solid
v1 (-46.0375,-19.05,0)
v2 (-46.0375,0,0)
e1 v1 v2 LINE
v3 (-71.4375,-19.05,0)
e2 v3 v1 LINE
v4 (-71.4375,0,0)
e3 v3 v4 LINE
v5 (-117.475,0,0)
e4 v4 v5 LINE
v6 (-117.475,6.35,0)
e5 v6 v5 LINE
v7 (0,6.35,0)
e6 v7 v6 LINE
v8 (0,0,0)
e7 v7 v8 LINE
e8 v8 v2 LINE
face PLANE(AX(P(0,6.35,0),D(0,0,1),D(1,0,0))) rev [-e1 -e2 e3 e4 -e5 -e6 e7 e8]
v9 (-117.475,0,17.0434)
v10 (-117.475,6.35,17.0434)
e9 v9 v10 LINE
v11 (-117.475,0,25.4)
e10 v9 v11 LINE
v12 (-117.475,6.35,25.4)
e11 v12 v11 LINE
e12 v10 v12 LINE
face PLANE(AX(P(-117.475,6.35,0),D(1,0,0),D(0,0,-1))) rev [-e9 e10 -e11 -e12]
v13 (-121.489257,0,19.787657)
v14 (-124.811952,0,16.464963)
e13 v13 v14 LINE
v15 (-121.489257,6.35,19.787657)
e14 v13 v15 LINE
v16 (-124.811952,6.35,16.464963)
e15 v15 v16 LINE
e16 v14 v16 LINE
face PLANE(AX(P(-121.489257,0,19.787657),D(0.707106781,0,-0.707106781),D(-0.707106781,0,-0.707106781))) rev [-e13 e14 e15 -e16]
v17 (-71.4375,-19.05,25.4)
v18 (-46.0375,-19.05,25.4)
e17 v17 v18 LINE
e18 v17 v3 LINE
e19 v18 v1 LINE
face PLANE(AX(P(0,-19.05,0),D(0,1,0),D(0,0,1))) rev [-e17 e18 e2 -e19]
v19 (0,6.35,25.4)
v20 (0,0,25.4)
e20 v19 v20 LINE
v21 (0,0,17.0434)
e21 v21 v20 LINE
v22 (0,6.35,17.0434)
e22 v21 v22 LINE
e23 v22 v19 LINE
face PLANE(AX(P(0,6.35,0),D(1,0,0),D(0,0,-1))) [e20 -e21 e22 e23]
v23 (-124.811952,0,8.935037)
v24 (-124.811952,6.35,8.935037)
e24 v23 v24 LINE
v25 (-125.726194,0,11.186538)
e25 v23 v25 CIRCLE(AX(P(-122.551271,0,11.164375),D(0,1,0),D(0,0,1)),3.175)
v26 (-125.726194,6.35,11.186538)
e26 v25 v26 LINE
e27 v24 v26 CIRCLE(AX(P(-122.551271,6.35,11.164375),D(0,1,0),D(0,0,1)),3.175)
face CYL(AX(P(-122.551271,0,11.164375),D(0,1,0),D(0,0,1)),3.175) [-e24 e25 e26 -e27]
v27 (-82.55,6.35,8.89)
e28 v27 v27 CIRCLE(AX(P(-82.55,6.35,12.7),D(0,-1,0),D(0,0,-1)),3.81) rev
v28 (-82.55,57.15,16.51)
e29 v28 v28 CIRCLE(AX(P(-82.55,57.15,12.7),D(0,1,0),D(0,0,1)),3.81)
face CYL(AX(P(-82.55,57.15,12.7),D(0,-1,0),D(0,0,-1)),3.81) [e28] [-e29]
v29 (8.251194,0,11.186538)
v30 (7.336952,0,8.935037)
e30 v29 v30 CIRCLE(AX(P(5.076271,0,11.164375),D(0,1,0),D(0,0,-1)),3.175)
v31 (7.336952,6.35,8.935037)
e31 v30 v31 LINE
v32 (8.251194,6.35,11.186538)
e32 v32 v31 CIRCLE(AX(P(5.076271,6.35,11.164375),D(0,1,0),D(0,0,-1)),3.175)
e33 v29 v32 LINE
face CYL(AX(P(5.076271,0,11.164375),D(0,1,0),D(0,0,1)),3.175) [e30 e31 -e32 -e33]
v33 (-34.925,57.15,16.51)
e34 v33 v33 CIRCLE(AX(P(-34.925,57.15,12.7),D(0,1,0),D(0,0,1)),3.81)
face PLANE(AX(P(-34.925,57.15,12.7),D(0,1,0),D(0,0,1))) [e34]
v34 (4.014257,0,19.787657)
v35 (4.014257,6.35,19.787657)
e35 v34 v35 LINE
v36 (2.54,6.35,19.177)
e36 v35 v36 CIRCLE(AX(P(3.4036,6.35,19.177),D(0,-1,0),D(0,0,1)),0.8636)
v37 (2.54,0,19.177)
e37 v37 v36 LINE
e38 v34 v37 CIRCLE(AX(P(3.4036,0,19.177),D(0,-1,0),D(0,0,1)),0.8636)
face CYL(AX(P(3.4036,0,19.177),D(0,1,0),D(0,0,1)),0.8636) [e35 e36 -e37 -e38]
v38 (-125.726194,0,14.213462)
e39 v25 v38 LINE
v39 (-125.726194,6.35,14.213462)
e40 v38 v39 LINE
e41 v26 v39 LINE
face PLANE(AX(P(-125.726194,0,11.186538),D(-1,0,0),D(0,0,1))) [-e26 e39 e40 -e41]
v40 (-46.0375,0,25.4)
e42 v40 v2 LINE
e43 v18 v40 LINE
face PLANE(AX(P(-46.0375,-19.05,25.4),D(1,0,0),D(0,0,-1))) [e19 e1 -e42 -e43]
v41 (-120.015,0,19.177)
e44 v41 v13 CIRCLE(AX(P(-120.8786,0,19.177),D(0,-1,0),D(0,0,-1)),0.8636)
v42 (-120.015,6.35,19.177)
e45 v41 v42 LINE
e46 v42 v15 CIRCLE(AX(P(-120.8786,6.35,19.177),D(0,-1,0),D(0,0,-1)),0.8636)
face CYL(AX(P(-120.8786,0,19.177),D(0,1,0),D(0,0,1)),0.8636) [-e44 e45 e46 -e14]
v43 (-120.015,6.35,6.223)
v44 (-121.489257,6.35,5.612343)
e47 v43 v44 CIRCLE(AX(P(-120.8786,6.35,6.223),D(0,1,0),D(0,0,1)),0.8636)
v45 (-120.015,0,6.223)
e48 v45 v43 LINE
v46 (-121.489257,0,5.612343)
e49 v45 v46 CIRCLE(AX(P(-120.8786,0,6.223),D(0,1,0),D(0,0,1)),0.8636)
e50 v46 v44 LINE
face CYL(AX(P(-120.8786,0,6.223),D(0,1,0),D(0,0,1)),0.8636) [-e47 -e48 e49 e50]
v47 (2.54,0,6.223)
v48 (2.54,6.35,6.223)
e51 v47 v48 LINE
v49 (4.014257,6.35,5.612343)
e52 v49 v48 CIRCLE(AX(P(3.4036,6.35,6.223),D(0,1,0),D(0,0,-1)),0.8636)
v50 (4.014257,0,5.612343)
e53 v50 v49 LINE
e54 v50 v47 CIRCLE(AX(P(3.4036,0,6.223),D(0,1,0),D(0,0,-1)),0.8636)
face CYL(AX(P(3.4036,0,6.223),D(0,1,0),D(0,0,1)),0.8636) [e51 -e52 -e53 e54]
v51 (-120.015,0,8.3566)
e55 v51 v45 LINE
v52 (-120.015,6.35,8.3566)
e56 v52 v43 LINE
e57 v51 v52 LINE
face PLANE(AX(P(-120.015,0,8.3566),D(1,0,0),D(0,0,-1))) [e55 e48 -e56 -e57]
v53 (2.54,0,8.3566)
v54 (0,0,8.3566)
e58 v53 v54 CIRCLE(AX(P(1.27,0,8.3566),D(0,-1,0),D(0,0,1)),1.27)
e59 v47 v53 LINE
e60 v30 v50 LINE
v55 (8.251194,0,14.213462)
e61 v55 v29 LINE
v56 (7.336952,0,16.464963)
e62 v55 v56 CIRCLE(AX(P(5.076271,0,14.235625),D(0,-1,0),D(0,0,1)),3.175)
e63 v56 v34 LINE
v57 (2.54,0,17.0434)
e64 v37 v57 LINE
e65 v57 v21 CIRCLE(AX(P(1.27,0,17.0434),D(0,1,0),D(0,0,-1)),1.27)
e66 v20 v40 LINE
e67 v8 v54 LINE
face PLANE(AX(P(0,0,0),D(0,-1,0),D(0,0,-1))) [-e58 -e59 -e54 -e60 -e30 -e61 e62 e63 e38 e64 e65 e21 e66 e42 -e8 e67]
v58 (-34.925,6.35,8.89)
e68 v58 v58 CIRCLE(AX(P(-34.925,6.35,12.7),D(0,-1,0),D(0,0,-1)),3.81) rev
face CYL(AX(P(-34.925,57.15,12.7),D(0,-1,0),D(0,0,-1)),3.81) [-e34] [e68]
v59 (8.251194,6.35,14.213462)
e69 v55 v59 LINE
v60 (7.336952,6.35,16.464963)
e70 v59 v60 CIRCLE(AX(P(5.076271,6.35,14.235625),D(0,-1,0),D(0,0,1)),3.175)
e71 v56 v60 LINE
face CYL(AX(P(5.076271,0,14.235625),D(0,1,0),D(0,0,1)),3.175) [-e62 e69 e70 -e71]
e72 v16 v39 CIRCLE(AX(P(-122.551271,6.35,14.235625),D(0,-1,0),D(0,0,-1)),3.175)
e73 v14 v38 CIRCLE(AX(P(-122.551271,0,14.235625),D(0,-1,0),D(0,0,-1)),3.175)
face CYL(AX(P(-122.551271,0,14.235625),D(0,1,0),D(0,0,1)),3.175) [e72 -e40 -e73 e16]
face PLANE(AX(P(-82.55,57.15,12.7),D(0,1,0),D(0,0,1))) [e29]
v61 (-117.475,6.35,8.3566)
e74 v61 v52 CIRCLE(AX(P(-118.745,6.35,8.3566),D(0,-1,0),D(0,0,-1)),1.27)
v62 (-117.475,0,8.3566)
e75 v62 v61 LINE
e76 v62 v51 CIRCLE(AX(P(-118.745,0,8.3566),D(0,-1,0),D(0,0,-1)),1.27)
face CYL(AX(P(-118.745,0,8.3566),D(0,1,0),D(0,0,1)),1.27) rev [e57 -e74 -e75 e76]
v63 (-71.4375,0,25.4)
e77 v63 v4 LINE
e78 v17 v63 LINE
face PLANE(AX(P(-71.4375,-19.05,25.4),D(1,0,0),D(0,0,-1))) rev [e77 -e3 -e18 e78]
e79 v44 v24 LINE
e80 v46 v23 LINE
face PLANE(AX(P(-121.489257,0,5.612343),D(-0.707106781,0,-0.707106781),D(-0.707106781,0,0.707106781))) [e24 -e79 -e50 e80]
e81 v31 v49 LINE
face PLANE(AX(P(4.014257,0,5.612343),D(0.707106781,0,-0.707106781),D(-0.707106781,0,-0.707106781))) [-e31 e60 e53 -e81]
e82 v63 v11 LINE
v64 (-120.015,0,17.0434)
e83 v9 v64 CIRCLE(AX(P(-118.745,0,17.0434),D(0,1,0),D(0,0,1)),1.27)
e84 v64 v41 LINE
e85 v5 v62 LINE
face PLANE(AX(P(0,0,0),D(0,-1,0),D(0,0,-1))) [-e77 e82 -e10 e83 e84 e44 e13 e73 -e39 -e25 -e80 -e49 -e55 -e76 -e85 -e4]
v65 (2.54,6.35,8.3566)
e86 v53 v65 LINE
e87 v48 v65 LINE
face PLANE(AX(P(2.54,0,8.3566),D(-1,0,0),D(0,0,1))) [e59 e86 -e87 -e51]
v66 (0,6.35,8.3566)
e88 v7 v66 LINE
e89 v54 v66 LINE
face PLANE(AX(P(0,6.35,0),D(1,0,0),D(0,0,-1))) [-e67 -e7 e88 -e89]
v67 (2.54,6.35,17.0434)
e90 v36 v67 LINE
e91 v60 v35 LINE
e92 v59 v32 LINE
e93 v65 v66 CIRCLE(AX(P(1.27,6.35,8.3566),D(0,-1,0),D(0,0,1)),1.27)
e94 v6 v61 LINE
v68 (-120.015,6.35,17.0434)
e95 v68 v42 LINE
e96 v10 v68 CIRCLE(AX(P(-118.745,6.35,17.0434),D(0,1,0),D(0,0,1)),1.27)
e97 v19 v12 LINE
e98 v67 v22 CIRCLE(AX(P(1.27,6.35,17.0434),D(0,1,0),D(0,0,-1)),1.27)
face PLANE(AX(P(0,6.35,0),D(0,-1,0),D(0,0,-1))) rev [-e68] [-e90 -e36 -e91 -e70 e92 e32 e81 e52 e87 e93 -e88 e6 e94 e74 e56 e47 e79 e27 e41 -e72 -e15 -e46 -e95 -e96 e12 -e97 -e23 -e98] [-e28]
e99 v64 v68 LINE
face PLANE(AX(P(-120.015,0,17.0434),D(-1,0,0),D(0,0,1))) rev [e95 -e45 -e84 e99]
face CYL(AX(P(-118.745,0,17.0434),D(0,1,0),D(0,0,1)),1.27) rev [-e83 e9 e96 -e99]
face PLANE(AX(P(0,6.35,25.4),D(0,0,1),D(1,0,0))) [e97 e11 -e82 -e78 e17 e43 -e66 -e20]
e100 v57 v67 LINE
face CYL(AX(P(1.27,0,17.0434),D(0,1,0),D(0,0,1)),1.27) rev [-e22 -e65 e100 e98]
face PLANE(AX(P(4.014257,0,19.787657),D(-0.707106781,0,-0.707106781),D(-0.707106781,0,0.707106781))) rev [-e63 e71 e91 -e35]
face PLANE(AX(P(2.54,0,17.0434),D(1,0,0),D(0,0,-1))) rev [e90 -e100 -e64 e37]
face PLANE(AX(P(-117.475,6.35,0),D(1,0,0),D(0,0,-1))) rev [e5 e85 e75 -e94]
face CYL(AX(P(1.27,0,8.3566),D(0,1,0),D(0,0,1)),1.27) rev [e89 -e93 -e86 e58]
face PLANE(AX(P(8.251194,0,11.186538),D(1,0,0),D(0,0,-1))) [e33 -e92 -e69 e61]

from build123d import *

# Parameters (mm, degrees)
SKETCH1_W           = 117.475
SKETCH1_H           = 25.4
BOSS_EXTRUDE1_DEPTH = 6.35
SKETCH3_R           = 3.81
BOSS_EXTRUDE2_DEPTH = 50.8
BOSS_EXTRUDE7_DEPTH = 6.35
SKETCH12_W          = 25.4
SKETCH12_H          = 25.4
BOSS_EXTRUDE8_DEPTH = 19.05


with BuildPart() as part:
    # Sketch1 → Boss-Extrude1 (new body)
    with BuildSketch(Plane(origin=(0, 0, 0), x_dir=(1, 0, 0), z_dir=(0, 1, 0))):
        with Locations((-58.7375, -12.7)):
            Rectangle(SKETCH1_W, SKETCH1_H)
    extrude(amount=BOSS_EXTRUDE1_DEPTH)

    # Sketch3 → Boss-Extrude2 (add)
    with BuildSketch(Plane(origin=(0, 6.35, 0), x_dir=(1, 0, 0), z_dir=(0, 1, 0))):
        with Locations(Location((-34.925, -12.7, 0), (0, 0, 90))):
            Circle(SKETCH3_R)
        with Locations(Location((-82.55, -12.7, 0), (0, 0, 90))):
            Circle(SKETCH3_R)
    extrude(amount=BOSS_EXTRUDE2_DEPTH)

    # Sketch10 → Boss-Extrude7 (add)
    with BuildSketch(Plane(origin=(0, 6.35, 0), x_dir=(1, 0, 0), z_dir=(0, 1, 0))):
        with BuildLine():
            Line((0, -12.7), (0, -8.3566))
            ThreePointArc((0, -8.3566), (1.27, -9.6266), (2.54, -8.3566))
            Line((2.54, -8.3566), (2.54, -6.223))
            ThreePointArc((2.54, -6.223), (3.073114588, -5.425137636), (4.014257416, -5.612342584))
            Line((4.014257416, -5.612342584), (7.336952181, -8.935037349))
            ThreePointArc((7.336952181, -8.935037349), (8.017998618, -9.969860776), (8.2511937, -11.186538149))
            Line((8.2511937, -11.186538149), (8.2511937, -12.7))
            Line((8.2511937, -12.7), (0, -12.7))
        make_face()
        with BuildLine():
            Line((-117.475, -12.7), (-117.475, -8.3566))
            ThreePointArc((-117.475, -8.3566), (-118.745, -9.6266), (-120.015, -8.3566))
            Line((-120.015, -8.3566), (-120.015, -6.223))
            ThreePointArc((-120.015, -6.223), (-120.548114588, -5.425137636), (-121.489257416, -5.612342584))
            Line((-121.489257416, -5.612342584), (-124.811952181, -8.935037349))
            ThreePointArc((-124.811952181, -8.935037349), (-125.492998618, -9.969860776), (-125.7261937, -11.186538149))
            Line((-125.7261937, -11.186538149), (-125.7261937, -12.7))
            Line((-125.7261937, -12.7), (-117.475, -12.7))
        make_face()
    boss_extrude7 = extrude(amount=-BOSS_EXTRUDE7_DEPTH)

    # Mirror1: Boss-Extrude7 across plane
    add(boss_extrude7.mirror(Plane(origin=(8.2511937, 0, 12.7), x_dir=(1, 0, 0), z_dir=(0, 0, 1))))

    # Sketch12 → Boss-Extrude8 (add)
    with BuildSketch(Plane(origin=(0, 0, 0), x_dir=(-1, 0, 0), z_dir=(0, -1, 0))):
        with Locations((58.7375, -12.7)):
            Rectangle(SKETCH12_W, SKETCH12_H)
    extrude(amount=BOSS_EXTRUDE8_DEPTH)


solid = part.part
